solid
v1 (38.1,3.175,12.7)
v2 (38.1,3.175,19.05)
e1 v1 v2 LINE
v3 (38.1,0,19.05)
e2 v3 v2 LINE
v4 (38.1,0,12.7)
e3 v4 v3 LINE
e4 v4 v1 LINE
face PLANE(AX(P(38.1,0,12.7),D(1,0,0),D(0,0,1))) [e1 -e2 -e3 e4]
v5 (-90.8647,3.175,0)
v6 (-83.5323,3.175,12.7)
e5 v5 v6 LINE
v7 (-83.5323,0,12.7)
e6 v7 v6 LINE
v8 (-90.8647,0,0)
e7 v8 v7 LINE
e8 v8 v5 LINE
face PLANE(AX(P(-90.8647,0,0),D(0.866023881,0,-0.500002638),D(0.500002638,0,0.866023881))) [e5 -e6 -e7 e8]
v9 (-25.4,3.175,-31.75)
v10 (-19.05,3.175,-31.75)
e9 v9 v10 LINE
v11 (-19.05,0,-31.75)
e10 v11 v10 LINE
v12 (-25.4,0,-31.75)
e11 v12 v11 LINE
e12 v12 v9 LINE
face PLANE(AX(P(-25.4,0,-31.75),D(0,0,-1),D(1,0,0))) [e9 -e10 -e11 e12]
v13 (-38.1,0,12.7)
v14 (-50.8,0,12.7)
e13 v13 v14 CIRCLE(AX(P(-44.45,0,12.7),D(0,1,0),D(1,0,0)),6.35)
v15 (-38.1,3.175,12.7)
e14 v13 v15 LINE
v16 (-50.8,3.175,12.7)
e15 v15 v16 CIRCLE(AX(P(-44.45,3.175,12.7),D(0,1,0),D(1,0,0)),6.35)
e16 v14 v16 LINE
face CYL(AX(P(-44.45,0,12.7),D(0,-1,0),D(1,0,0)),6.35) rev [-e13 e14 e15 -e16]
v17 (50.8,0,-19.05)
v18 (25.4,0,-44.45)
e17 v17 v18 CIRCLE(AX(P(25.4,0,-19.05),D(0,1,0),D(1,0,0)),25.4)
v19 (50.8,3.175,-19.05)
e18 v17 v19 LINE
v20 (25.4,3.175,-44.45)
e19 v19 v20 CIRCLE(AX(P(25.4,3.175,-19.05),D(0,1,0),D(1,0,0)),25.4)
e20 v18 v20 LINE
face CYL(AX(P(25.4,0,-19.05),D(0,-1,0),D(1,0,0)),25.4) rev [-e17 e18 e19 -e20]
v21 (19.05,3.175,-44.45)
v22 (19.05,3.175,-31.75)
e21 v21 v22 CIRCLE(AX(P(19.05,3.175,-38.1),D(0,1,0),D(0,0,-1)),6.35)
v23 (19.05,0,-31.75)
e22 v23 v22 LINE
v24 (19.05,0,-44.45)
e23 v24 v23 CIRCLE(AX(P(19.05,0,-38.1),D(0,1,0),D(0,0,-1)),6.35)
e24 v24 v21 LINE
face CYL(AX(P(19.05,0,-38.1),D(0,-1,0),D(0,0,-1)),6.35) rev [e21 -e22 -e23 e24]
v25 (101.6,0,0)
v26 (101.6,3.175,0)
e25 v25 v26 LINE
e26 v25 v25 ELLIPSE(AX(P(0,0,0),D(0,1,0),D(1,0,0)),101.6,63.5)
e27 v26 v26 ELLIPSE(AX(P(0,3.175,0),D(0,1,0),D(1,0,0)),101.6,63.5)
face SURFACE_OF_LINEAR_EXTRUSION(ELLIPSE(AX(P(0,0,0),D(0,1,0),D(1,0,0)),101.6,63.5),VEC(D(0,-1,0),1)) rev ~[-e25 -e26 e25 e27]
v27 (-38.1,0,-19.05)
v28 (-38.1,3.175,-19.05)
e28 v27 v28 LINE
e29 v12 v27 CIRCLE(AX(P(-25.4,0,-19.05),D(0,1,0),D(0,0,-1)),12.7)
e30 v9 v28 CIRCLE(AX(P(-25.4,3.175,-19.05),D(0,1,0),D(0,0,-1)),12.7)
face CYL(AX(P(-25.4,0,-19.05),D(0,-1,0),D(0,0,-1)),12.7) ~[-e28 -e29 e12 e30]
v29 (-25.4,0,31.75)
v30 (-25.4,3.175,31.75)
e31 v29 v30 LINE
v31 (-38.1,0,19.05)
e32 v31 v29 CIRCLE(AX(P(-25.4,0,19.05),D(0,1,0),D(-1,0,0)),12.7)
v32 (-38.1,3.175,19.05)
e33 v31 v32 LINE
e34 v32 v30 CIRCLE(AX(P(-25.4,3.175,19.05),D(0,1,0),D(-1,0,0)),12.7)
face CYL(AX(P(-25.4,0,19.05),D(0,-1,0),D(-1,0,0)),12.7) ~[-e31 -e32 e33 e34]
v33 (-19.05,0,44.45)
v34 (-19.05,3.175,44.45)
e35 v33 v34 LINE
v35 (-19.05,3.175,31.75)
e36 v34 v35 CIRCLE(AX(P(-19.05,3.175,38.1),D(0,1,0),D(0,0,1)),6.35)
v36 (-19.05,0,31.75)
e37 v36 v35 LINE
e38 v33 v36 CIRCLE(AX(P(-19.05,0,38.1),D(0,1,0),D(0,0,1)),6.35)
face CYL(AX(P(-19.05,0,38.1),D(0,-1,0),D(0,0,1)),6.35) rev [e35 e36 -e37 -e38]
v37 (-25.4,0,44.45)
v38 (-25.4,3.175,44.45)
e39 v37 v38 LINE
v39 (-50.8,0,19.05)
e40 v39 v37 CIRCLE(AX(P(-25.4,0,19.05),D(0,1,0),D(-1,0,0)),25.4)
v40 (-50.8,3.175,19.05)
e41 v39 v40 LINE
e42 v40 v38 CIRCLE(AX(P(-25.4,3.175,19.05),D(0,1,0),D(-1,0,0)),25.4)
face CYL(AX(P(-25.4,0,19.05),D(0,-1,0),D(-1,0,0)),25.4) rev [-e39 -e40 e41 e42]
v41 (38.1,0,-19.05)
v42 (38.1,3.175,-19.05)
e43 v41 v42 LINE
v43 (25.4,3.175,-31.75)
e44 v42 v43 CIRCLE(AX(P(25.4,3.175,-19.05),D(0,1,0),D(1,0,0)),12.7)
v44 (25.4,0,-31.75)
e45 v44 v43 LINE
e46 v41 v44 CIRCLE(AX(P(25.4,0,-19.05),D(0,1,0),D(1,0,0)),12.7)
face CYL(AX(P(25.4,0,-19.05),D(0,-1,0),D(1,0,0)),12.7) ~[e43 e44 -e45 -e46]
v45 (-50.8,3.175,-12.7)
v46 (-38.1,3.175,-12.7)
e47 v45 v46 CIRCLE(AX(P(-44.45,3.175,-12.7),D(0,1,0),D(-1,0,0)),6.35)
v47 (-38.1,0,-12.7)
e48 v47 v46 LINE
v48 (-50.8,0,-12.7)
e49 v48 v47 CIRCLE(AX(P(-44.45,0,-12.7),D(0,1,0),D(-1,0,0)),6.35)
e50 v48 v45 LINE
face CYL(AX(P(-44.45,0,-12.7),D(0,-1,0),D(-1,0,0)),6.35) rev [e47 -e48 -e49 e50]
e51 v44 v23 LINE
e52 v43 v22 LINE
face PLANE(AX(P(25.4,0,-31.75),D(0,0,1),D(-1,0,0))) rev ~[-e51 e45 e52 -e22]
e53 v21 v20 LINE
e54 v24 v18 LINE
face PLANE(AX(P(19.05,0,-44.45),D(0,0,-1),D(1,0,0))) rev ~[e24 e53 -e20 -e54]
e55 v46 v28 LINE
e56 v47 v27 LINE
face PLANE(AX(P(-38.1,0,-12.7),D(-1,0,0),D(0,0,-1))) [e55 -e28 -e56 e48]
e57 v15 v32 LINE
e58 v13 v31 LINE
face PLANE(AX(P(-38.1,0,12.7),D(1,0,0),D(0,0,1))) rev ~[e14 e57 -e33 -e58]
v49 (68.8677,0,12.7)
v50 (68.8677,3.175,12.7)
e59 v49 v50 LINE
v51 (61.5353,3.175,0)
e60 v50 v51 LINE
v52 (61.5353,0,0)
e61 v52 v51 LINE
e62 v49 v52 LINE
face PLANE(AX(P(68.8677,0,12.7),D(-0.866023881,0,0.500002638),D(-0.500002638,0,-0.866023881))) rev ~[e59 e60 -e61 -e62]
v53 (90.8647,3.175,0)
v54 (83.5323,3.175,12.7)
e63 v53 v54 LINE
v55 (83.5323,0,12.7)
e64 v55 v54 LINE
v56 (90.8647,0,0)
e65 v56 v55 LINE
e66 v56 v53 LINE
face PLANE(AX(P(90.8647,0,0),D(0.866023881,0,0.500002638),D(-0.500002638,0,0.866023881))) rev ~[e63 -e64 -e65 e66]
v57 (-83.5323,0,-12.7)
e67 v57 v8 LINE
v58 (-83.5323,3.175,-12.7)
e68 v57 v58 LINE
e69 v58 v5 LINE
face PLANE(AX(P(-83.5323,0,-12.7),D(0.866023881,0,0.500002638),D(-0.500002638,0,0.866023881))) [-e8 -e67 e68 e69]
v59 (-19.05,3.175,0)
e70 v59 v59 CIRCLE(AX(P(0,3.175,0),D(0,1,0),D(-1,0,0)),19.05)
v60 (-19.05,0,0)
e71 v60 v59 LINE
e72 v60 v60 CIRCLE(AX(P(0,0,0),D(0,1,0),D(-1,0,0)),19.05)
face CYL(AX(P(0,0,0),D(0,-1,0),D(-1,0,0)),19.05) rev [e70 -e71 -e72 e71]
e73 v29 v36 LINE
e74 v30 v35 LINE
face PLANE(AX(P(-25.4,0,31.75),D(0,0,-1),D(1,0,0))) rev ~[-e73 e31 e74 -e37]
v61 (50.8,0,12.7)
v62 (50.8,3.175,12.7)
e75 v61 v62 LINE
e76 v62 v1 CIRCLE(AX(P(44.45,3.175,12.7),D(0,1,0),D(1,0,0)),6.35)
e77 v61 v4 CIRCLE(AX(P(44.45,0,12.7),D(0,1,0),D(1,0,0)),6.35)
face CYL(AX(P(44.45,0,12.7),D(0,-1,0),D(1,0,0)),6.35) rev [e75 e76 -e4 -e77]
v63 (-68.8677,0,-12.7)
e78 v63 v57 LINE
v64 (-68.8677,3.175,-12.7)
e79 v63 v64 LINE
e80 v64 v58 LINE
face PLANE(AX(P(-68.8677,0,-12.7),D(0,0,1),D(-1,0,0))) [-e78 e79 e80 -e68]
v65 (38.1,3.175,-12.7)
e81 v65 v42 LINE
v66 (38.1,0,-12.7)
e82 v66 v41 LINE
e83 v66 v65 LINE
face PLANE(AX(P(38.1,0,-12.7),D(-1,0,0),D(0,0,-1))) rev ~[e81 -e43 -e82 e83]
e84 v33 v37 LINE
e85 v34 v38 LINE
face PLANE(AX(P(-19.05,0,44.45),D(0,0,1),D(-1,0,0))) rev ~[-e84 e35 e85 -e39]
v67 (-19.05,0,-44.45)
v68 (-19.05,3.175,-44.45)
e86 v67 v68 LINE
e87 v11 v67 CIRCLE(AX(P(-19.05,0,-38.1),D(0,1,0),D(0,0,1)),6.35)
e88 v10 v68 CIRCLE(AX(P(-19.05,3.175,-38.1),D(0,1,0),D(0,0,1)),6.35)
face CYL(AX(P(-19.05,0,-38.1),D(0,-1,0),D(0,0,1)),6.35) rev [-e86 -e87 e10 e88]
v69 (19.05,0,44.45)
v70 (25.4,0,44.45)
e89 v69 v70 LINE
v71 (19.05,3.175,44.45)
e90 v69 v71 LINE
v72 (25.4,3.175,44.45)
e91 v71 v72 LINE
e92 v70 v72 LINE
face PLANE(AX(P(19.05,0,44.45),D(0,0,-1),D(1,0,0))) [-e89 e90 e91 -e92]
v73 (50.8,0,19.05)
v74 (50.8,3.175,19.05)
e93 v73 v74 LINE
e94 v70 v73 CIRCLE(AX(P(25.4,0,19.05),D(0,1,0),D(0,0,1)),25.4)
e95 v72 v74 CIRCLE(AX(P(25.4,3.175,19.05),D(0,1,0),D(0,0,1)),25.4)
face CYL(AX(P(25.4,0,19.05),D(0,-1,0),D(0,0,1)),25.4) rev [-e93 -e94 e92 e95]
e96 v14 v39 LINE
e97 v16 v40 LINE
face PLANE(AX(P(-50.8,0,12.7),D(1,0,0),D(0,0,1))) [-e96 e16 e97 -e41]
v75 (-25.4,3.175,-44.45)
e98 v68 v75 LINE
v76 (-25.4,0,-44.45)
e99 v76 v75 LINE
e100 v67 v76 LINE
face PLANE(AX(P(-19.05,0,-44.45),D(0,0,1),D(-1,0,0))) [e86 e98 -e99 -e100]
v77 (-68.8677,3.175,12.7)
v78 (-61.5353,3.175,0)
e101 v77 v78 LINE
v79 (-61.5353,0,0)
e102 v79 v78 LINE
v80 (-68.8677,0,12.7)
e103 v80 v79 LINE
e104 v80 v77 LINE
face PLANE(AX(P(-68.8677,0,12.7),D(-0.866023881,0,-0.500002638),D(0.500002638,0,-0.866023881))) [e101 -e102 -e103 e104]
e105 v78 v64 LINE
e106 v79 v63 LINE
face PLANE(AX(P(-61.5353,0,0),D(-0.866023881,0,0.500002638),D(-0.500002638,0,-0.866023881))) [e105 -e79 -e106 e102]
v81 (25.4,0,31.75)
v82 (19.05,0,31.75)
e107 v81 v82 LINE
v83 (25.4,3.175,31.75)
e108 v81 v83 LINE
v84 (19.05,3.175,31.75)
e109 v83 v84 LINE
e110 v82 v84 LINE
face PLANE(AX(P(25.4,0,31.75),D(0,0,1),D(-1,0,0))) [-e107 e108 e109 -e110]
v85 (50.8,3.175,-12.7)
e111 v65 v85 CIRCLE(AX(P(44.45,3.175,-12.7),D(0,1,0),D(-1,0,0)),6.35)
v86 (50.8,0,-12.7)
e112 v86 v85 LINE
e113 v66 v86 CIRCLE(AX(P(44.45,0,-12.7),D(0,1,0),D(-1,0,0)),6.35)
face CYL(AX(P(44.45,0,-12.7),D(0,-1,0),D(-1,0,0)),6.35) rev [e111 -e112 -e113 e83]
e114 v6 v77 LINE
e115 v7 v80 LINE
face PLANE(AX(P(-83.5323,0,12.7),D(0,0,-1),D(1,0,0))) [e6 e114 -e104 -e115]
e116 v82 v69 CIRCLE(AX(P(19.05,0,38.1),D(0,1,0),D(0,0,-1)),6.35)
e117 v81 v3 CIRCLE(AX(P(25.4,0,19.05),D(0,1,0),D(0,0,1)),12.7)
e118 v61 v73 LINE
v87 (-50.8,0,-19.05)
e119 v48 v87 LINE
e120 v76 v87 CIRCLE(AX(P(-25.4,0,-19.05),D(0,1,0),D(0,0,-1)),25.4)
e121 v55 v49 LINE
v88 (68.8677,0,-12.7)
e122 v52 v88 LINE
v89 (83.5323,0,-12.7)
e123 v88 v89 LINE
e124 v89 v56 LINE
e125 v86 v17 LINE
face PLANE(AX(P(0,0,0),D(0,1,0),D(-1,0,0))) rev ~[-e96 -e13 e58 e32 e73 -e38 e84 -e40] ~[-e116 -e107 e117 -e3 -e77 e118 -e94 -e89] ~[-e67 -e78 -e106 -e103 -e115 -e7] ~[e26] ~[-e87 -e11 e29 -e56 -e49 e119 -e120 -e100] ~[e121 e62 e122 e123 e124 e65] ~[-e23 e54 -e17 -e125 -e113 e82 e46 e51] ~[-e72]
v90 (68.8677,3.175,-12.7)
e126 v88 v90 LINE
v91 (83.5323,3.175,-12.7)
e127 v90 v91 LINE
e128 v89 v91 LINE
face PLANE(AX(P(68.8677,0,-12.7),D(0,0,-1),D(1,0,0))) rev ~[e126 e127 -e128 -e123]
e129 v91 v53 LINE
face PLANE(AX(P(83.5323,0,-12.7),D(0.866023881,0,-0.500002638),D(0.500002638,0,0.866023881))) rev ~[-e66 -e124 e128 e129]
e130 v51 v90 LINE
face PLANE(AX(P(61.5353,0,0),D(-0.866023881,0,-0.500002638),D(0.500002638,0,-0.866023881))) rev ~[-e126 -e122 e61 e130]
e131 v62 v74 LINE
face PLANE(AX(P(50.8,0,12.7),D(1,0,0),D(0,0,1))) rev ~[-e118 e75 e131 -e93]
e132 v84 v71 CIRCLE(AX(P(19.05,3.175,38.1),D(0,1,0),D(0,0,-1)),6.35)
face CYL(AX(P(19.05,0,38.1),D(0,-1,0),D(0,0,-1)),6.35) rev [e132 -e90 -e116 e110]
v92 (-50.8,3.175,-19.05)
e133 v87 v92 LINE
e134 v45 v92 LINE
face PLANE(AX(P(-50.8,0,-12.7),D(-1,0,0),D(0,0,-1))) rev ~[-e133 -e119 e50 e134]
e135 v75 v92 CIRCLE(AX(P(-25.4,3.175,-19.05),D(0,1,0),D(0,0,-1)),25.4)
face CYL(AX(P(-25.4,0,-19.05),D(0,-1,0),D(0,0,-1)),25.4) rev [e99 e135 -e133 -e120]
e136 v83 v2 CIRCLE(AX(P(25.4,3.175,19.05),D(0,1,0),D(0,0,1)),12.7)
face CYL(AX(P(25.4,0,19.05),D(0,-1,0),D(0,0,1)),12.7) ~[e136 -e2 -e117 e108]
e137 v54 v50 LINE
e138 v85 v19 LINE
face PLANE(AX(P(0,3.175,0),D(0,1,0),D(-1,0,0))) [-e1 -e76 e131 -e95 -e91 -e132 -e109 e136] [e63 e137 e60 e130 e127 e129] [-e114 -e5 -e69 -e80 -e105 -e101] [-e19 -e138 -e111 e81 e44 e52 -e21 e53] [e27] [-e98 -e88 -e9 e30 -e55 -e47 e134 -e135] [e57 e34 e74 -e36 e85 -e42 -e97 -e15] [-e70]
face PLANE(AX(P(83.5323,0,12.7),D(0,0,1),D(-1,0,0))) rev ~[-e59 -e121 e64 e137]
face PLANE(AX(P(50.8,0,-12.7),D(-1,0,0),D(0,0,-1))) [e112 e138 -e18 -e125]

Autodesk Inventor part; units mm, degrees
ref_plane "YZ Plane" through (0, 0, 0) normal (1, 0, 0) x (0, 1, 0)
ref_plane "XZ Plane" through (0, 0, 0) normal (0, 1, 0) x (-1, 0, 0)
ref_plane "XY Plane" through (0, 0, 0) normal (0, 0, 1) x (1, 0, 0)
sketch "Sketch1" plane through (0, 0, 0) normal (0, 1, 0) x (-1, 0, 0)
  ellipse E0 centre (0, 0) end of major axis (-101.6, 0) minor radius 63.5
  circle A0 centre (0, 0) radius 19.05
  arc A1 (-25.4, 38.1) -> (-44.45, 19.05) centre (-25.4, 19.05) ccw construction
  line L0 (-44.45, 19.05) -> (-44.45, 12.7) construction
  line L1 (-25.4, 38.1) -> (-19.05, 38.1) construction
  line L2 (-38.1, 12.7) -> (-38.1, 19.05)
  arc A2 (-25.4, 31.75) -> (-38.1, 19.05) centre (-25.4, 19.05) ccw
  line L3 (-25.4, 31.75) -> (-19.05, 31.75)
  arc A3 (-19.05, 31.75) -> (-19.05, 44.45) centre (-19.05, 38.1) ccw
  arc A4 (-50.8, 12.7) -> (-38.1, 12.7) centre (-44.45, 12.7) ccw
  line L4 (-50.8, 12.7) -> (-50.8, 19.05)
  line L5 (-19.05, 44.45) -> (-25.4, 44.45)
  arc A5 (-25.4, 44.45) -> (-50.8, 19.05) centre (-25.4, 19.05) ccw
  line L6 (0, 0) -> (0, -63.5) construction
  line L7 (0, 0) -> (-101.6, 0) construction
  line L8 (38.1, 12.7) -> (38.1, 19.05)
  arc A6 (38.1, 19.05) -> (25.4, 31.75) centre (25.4, 19.05) ccw
  line L9 (25.4, 31.75) -> (19.05, 31.75)
  arc A7 (19.05, 44.45) -> (19.05, 31.75) centre (19.05, 38.1) ccw
  arc A8 (38.1, 12.7) -> (50.8, 12.7) centre (44.45, 12.7) ccw
  line L10 (50.8, 12.7) -> (50.8, 19.05)
  line L11 (19.05, 44.45) -> (25.4, 44.45)
  arc A9 (50.8, 19.05) -> (25.4, 44.45) centre (25.4, 19.05) ccw
  line L12 (0, 0) -> (101.6, 0) construction
  arc A10 (-44.45, -19.05) -> (-25.4, -38.1) centre (-25.4, -19.05) ccw construction
  line L13 (-44.45, -19.05) -> (-44.45, -12.7) construction
  line L14 (-38.1, -12.7) -> (-38.1, -19.05)
  arc A11 (-38.1, -19.05) -> (-25.4, -31.75) centre (-25.4, -19.05) ccw
  line L15 (-25.4, -31.75) -> (-19.05, -31.75)
  arc A12 (-19.05, -44.45) -> (-19.05, -31.75) centre (-19.05, -38.1) ccw
  arc A13 (-38.1, -12.7) -> (-50.8, -12.7) centre (-44.45, -12.7) ccw
  line L16 (-50.8, -12.7) -> (-50.8, -19.05)
  line L17 (-19.05, -44.45) -> (-25.4, -44.45)
  arc A14 (-50.8, -19.05) -> (-25.4, -44.45) centre (-25.4, -19.05) ccw
  line L18 (0, 0) -> (0, 63.5) construction
  arc A15 (25.4, -44.45) -> (50.8, -19.05) centre (25.4, -19.05) ccw
  line L19 (50.8, -12.7) -> (50.8, -19.05)
  arc A16 (50.8, -12.7) -> (38.1, -12.7) centre (44.45, -12.7) ccw
  line L20 (38.1, -12.7) -> (38.1, -19.05)
  arc A17 (25.4, -31.75) -> (38.1, -19.05) centre (25.4, -19.05) ccw
  line L21 (25.4, -31.75) -> (19.05, -31.75)
  arc A18 (19.05, -31.75) -> (19.05, -44.45) centre (19.05, -38.1) ccw
  line L22 (19.05, -44.45) -> (25.4, -44.45)
  line L23 (-68.8677, -12.7) -> (-83.5323, -12.7)
  line L24 (-83.5323, -12.7) -> (-90.8647, 0)
  line L25 (-90.8647, 0) -> (-83.5323, 12.7)
  line L26 (-83.5323, 12.7) -> (-68.8677, 12.7)
  line L27 (-68.8677, 12.7) -> (-61.5353, 0)
  line L28 (-61.5353, 0) -> (-68.8677, -12.7)
  line L29 (0, 0) -> (101.6, 0) construction
  line L30 (68.8677, -12.7) -> (83.5323, -12.7)
  line L31 (83.5323, -12.7) -> (90.8647, 0)
  line L32 (90.8647, 0) -> (83.5323, 12.7)
  line L33 (83.5323, 12.7) -> (68.8677, 12.7)
  line L34 (68.8677, 12.7) -> (61.5353, 0)
  line L35 (61.5353, 0) -> (68.8677, -12.7)
  point P0 (-76.2, 0)
  point P1 (76.2, 0)
  dimension "d0" = 101.6
  dimension "d1" = 63.5
  dimension "d5" = 25.4
  dimension "d6" = 19.05
  dimension "d7" = 19.05
  dimension "d8" = 6.35
  dimension "d9" = 6.35
  dimension "d10" = 38.1
  dimension "d11" = 76.2
  dimension "d12" = 25.4
extrude "Extrusion1" add sketch "Sketch1" along normal blind 3.175
properties part number "VentCover"
